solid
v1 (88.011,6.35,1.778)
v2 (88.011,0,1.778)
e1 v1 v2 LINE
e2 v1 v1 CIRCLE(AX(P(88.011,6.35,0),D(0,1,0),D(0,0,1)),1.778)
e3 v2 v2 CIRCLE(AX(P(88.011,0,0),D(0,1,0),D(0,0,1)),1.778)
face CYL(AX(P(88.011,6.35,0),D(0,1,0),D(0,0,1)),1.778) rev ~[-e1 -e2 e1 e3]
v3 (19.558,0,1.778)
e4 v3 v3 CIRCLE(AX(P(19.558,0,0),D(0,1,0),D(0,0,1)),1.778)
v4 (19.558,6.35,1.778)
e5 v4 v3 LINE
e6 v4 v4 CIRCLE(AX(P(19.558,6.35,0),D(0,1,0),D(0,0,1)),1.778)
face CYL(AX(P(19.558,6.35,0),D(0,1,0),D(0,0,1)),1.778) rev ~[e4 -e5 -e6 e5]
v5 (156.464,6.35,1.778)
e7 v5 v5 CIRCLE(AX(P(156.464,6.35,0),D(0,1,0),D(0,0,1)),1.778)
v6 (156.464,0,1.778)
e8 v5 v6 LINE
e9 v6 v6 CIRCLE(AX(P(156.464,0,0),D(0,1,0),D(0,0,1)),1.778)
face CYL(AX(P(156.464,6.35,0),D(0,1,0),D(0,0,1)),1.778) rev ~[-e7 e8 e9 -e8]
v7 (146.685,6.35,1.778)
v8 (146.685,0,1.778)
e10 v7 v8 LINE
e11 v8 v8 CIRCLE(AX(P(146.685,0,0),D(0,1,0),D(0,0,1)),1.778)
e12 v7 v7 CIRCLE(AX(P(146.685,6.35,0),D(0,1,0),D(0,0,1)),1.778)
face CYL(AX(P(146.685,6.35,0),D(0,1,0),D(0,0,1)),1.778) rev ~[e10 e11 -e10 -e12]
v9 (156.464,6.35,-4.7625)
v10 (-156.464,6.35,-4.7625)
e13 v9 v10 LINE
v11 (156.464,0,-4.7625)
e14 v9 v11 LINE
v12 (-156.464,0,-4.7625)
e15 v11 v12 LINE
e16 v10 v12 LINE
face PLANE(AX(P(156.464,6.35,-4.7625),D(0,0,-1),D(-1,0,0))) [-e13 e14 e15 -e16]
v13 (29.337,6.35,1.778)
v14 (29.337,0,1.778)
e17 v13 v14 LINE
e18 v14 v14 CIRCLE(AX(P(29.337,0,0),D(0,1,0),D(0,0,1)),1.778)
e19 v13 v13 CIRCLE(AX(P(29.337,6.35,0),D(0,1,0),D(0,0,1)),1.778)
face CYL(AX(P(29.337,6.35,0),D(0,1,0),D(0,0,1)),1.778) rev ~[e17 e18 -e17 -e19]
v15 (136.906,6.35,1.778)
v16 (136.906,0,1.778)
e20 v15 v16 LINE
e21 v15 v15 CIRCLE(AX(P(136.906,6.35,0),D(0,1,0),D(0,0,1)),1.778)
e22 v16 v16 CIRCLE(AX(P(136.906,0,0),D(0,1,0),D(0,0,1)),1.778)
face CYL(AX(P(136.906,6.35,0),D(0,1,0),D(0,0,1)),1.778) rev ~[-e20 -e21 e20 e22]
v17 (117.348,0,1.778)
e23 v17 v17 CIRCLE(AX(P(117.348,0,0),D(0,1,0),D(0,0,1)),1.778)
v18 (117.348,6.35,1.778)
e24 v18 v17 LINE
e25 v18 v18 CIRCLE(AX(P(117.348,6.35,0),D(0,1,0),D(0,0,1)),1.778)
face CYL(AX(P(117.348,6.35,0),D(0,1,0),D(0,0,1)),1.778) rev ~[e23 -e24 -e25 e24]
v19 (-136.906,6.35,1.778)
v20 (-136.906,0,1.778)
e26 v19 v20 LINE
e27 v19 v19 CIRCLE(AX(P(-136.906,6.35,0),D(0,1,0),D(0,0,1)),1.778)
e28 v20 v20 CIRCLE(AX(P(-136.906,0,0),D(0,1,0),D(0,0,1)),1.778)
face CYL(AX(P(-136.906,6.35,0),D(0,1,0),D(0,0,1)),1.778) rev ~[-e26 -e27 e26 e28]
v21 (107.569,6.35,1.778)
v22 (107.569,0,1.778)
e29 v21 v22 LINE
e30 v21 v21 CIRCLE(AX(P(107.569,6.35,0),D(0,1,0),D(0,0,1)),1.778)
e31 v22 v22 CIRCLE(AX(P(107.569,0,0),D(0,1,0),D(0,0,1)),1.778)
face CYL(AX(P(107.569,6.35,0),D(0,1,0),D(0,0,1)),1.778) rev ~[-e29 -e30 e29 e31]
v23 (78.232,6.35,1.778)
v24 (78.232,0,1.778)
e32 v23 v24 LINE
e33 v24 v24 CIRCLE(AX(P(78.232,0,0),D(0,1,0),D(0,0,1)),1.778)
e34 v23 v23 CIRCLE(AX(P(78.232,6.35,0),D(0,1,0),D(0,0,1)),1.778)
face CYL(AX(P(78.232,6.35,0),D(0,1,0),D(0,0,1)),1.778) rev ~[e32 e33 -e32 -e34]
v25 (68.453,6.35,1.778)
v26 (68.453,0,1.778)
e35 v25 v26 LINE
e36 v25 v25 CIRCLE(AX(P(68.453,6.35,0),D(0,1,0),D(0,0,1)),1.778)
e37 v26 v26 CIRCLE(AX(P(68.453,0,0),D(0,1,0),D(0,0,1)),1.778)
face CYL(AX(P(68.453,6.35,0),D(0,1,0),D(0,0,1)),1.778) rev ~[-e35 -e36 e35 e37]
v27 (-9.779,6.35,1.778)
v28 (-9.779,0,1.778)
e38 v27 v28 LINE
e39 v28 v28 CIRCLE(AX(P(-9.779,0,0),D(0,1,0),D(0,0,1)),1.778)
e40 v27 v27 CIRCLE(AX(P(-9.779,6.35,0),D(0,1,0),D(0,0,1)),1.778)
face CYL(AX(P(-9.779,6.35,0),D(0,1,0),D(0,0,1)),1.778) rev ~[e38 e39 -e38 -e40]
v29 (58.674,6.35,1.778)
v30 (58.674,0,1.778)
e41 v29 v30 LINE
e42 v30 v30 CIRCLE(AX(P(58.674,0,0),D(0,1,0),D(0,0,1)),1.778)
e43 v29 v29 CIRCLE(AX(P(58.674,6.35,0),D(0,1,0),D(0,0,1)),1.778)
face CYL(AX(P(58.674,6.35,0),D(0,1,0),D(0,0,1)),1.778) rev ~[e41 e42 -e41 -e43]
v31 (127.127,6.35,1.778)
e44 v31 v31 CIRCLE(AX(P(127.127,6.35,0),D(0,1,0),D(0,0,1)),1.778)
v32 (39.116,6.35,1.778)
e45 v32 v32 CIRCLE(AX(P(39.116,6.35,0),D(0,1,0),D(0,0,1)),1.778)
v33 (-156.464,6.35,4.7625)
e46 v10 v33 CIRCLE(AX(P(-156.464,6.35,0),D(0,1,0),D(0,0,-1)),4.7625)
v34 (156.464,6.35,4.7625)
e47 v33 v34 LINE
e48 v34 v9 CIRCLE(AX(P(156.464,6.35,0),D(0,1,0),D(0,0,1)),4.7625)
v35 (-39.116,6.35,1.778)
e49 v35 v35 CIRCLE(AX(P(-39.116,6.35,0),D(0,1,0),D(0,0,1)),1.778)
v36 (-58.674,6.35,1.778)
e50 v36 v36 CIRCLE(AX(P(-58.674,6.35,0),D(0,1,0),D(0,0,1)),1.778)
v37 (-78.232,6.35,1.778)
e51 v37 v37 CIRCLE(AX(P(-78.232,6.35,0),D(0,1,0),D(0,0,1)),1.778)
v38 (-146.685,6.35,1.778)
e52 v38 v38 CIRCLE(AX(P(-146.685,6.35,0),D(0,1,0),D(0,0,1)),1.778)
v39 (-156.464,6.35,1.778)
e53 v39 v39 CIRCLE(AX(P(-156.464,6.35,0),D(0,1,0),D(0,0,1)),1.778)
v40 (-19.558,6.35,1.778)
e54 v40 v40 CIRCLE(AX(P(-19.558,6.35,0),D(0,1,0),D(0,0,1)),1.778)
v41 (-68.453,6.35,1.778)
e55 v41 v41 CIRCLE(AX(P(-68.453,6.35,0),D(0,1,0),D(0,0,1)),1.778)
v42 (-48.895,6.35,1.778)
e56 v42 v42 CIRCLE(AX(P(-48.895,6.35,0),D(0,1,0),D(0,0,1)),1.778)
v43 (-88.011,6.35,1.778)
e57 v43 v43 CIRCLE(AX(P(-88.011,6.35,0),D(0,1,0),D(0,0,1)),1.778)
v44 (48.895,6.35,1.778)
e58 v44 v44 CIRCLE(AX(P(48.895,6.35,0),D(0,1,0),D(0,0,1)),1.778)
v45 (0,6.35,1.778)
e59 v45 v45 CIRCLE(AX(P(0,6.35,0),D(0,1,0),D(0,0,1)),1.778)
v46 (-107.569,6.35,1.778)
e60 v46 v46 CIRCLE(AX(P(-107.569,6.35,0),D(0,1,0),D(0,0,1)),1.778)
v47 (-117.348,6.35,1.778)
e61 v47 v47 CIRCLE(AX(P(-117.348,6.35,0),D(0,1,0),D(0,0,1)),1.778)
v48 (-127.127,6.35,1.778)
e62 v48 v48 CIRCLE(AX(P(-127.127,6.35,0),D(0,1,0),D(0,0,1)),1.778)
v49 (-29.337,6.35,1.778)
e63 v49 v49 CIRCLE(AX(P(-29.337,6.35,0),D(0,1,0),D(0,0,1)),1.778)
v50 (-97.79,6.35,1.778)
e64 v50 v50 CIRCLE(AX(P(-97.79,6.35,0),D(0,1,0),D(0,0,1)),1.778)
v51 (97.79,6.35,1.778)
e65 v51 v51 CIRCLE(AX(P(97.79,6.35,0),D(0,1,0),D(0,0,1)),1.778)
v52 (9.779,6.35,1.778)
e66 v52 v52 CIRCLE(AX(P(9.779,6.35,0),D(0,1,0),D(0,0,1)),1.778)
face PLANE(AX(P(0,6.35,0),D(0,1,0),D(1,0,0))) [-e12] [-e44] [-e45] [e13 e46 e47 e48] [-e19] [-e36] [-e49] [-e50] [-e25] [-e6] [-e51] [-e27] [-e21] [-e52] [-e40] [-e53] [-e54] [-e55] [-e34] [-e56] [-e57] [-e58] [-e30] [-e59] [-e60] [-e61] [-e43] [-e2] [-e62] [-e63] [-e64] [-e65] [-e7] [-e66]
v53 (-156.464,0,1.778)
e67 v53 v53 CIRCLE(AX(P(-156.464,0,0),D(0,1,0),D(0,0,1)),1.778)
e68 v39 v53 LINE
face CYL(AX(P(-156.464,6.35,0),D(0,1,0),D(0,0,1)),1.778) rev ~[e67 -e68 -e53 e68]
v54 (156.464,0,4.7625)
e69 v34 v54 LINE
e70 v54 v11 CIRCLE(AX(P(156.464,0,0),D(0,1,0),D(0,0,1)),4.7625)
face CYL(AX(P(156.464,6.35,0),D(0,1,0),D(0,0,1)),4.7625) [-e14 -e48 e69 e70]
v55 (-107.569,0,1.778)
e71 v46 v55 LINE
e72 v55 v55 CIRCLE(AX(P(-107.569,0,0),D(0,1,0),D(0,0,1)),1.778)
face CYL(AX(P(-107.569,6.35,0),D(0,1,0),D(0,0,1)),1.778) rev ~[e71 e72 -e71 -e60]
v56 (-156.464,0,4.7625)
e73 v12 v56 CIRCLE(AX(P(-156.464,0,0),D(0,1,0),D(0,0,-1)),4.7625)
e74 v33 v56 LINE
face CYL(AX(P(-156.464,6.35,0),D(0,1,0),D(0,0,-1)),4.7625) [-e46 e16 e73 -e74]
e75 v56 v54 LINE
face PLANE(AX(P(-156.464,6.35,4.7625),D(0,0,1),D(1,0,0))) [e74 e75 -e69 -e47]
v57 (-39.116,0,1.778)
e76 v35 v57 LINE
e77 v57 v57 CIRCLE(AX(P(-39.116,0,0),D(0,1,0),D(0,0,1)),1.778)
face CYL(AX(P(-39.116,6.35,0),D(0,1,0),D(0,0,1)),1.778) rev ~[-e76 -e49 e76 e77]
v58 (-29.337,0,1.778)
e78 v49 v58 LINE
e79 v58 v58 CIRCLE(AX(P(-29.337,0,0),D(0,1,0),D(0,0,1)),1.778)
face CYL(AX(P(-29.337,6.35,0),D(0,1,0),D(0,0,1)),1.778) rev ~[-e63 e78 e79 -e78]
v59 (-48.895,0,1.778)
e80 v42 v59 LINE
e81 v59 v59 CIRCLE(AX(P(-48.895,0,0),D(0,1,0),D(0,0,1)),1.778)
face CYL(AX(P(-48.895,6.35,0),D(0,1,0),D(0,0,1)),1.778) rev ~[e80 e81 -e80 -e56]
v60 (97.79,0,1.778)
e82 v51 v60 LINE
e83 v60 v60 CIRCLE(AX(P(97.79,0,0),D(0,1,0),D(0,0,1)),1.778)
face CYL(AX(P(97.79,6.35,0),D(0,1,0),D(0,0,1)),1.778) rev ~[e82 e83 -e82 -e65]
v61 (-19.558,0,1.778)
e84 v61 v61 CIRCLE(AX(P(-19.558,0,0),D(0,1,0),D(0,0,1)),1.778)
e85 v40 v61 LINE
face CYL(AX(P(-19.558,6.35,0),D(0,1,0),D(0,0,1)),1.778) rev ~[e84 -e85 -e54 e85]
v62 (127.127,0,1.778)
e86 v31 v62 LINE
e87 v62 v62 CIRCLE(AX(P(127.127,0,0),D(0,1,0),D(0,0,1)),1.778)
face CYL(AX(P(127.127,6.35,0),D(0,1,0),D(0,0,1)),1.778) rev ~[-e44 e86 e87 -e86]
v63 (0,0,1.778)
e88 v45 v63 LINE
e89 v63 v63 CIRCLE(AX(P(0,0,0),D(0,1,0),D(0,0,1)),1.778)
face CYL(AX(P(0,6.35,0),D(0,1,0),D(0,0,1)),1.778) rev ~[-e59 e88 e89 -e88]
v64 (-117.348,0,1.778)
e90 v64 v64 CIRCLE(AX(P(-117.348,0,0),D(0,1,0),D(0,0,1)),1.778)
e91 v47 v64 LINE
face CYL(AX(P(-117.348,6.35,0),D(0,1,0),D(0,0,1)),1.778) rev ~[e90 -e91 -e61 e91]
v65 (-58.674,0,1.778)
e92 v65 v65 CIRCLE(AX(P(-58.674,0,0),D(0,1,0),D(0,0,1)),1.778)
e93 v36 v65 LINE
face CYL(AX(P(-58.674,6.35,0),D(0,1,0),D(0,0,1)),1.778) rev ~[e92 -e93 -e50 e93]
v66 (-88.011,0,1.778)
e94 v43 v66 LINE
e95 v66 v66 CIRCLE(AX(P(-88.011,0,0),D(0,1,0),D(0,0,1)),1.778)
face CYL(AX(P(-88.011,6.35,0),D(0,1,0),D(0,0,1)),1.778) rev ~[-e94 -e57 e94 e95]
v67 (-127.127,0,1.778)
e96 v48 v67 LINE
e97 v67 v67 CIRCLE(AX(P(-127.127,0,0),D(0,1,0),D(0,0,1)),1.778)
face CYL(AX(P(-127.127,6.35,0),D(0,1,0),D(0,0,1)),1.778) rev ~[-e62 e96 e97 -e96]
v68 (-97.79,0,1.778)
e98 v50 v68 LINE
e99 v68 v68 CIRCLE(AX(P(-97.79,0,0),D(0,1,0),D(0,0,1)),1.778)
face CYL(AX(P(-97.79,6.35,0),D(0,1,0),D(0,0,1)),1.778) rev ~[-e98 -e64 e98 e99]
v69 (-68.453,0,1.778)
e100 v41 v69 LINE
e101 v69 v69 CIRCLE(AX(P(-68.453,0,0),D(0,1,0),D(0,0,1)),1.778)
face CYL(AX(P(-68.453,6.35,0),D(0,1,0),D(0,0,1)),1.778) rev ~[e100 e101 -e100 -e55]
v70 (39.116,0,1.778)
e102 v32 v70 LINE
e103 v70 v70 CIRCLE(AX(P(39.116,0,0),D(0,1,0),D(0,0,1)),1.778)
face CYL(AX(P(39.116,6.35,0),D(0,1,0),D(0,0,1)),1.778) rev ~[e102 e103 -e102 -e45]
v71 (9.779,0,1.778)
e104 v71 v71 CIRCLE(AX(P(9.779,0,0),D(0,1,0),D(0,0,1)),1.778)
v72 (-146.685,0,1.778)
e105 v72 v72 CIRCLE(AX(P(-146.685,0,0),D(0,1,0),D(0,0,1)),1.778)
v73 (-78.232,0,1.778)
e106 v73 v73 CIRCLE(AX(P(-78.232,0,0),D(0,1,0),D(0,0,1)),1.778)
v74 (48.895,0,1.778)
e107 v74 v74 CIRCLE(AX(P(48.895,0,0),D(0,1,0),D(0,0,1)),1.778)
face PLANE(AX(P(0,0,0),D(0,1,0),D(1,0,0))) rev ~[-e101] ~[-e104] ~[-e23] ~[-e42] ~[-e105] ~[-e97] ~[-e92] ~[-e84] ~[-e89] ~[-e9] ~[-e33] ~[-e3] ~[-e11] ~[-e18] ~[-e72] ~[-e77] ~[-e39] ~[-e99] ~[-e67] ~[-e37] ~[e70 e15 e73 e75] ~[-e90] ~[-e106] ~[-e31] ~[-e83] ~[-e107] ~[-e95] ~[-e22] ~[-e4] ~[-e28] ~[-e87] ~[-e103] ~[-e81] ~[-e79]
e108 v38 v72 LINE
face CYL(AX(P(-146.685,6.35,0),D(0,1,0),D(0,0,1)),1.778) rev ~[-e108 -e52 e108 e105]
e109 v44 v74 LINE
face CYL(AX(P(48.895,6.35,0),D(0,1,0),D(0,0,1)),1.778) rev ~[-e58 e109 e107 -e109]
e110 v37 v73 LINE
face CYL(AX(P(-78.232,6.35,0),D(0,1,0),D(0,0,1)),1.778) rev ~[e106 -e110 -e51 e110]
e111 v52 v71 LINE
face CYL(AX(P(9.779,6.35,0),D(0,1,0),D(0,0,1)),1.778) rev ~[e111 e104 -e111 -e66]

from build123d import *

# Parameters (mm, degrees)
SKETCH1_R           = 1.778
BOSS_EXTRUDE1_DEPTH = 6.35


with BuildPart() as part:
    # Sketch1 → Boss-Extrude1 (new body)
    with BuildSketch(Plane(origin=(0, 6.35, 0), x_dir=(1, 0, 0), z_dir=(0, 1, 0))):
        with BuildLine():
            Line((156.464, 4.7625), (-156.464, 4.7625))
            ThreePointArc((-156.464, 4.7625), (-161.2265, 0), (-156.464, -4.7625))
            Line((-156.464, -4.7625), (156.464, -4.7625))
            ThreePointArc((156.464, -4.7625), (161.2265, 0), (156.464, 4.7625))
        make_face()
        with Locations(Location((156.464, 0, 0), (0, 0, 270))):
            Circle(SKETCH1_R, mode=Mode.SUBTRACT)
        with Locations(Location((146.685, 0, 0), (0, 0, 270))):
            Circle(SKETCH1_R, mode=Mode.SUBTRACT)
        with Locations(Location((136.906, 0, 0), (0, 0, 270))):
            Circle(SKETCH1_R, mode=Mode.SUBTRACT)
        with Locations(Location((127.127, 0, 0), (0, 0, 270))):
            Circle(SKETCH1_R, mode=Mode.SUBTRACT)
        with Locations(Location((117.348, 0, 0), (0, 0, 270))):
            Circle(SKETCH1_R, mode=Mode.SUBTRACT)
        with Locations(Location((107.569, 0, 0), (0, 0, 270))):
            Circle(SKETCH1_R, mode=Mode.SUBTRACT)
        with Locations(Location((97.79, 0, 0), (0, 0, 270))):
            Circle(SKETCH1_R, mode=Mode.SUBTRACT)
        with Locations(Location((88.011, 0, 0), (0, 0, 270))):
            Circle(SKETCH1_R, mode=Mode.SUBTRACT)
        with Locations(Location((78.232, 0, 0), (0, 0, 270))):
            Circle(SKETCH1_R, mode=Mode.SUBTRACT)
        with Locations(Location((68.453, 0, 0), (0, 0, 270))):
            Circle(SKETCH1_R, mode=Mode.SUBTRACT)
        with Locations(Location((58.674, 0, 0), (0, 0, 270))):
            Circle(SKETCH1_R, mode=Mode.SUBTRACT)
        with Locations(Location((48.895, 0, 0), (0, 0, 270))):
            Circle(SKETCH1_R, mode=Mode.SUBTRACT)
        with Locations(Location((39.116, 0, 0), (0, 0, 270))):
            Circle(SKETCH1_R, mode=Mode.SUBTRACT)
        with Locations(Location((29.337, 0, 0), (0, 0, 270))):
            Circle(SKETCH1_R, mode=Mode.SUBTRACT)
        with Locations(Location((19.558, 0, 0), (0, 0, 270))):
            Circle(SKETCH1_R, mode=Mode.SUBTRACT)
        with Locations(Location((9.779, 0, 0), (0, 0, 270))):
            Circle(SKETCH1_R, mode=Mode.SUBTRACT)
        with Locations(Location((0, 0, 0), (0, 0, 270))):
            Circle(SKETCH1_R, mode=Mode.SUBTRACT)
        with Locations(Location((-9.779, 0, 0), (0, 0, 270))):
            Circle(SKETCH1_R, mode=Mode.SUBTRACT)
        with Locations(Location((-19.558, 0, 0), (0, 0, 270))):
            Circle(SKETCH1_R, mode=Mode.SUBTRACT)
        with Locations(Location((-29.337, 0, 0), (0, 0, 270))):
            Circle(SKETCH1_R, mode=Mode.SUBTRACT)
        with Locations(Location((-39.116, 0, 0), (0, 0, 270))):
            Circle(SKETCH1_R, mode=Mode.SUBTRACT)
        with Locations(Location((-48.895, 0, 0), (0, 0, 270))):
            Circle(SKETCH1_R, mode=Mode.SUBTRACT)
        with Locations(Location((-58.674, 0, 0), (0, 0, 270))):
            Circle(SKETCH1_R, mode=Mode.SUBTRACT)
        with Locations(Location((-68.453, 0, 0), (0, 0, 270))):
            Circle(SKETCH1_R, mode=Mode.SUBTRACT)
        with Locations(Location((-78.232, 0, 0), (0, 0, 270))):
            Circle(SKETCH1_R, mode=Mode.SUBTRACT)
        with Locations(Location((-88.011, 0, 0), (0, 0, 270))):
            Circle(SKETCH1_R, mode=Mode.SUBTRACT)
        with Locations(Location((-97.79, 0, 0), (0, 0, 270))):
            Circle(SKETCH1_R, mode=Mode.SUBTRACT)
        with Locations(Location((-107.569, 0, 0), (0, 0, 270))):
            Circle(SKETCH1_R, mode=Mode.SUBTRACT)
        with Locations(Location((-117.348, 0, 0), (0, 0, 270))):
            Circle(SKETCH1_R, mode=Mode.SUBTRACT)
        with Locations(Location((-127.127, 0, 0), (0, 0, 270))):
            Circle(SKETCH1_R, mode=Mode.SUBTRACT)
        with Locations(Location((-136.906, 0, 0), (0, 0, 270))):
            Circle(SKETCH1_R, mode=Mode.SUBTRACT)
        with Locations(Location((-146.685, 0, 0), (0, 0, 270))):
            Circle(SKETCH1_R, mode=Mode.SUBTRACT)
        with Locations(Location((-156.464, 0, 0), (0, 0, 270))):
            Circle(SKETCH1_R, mode=Mode.SUBTRACT)
    extrude(amount=-BOSS_EXTRUDE1_DEPTH)


solid = part.part
